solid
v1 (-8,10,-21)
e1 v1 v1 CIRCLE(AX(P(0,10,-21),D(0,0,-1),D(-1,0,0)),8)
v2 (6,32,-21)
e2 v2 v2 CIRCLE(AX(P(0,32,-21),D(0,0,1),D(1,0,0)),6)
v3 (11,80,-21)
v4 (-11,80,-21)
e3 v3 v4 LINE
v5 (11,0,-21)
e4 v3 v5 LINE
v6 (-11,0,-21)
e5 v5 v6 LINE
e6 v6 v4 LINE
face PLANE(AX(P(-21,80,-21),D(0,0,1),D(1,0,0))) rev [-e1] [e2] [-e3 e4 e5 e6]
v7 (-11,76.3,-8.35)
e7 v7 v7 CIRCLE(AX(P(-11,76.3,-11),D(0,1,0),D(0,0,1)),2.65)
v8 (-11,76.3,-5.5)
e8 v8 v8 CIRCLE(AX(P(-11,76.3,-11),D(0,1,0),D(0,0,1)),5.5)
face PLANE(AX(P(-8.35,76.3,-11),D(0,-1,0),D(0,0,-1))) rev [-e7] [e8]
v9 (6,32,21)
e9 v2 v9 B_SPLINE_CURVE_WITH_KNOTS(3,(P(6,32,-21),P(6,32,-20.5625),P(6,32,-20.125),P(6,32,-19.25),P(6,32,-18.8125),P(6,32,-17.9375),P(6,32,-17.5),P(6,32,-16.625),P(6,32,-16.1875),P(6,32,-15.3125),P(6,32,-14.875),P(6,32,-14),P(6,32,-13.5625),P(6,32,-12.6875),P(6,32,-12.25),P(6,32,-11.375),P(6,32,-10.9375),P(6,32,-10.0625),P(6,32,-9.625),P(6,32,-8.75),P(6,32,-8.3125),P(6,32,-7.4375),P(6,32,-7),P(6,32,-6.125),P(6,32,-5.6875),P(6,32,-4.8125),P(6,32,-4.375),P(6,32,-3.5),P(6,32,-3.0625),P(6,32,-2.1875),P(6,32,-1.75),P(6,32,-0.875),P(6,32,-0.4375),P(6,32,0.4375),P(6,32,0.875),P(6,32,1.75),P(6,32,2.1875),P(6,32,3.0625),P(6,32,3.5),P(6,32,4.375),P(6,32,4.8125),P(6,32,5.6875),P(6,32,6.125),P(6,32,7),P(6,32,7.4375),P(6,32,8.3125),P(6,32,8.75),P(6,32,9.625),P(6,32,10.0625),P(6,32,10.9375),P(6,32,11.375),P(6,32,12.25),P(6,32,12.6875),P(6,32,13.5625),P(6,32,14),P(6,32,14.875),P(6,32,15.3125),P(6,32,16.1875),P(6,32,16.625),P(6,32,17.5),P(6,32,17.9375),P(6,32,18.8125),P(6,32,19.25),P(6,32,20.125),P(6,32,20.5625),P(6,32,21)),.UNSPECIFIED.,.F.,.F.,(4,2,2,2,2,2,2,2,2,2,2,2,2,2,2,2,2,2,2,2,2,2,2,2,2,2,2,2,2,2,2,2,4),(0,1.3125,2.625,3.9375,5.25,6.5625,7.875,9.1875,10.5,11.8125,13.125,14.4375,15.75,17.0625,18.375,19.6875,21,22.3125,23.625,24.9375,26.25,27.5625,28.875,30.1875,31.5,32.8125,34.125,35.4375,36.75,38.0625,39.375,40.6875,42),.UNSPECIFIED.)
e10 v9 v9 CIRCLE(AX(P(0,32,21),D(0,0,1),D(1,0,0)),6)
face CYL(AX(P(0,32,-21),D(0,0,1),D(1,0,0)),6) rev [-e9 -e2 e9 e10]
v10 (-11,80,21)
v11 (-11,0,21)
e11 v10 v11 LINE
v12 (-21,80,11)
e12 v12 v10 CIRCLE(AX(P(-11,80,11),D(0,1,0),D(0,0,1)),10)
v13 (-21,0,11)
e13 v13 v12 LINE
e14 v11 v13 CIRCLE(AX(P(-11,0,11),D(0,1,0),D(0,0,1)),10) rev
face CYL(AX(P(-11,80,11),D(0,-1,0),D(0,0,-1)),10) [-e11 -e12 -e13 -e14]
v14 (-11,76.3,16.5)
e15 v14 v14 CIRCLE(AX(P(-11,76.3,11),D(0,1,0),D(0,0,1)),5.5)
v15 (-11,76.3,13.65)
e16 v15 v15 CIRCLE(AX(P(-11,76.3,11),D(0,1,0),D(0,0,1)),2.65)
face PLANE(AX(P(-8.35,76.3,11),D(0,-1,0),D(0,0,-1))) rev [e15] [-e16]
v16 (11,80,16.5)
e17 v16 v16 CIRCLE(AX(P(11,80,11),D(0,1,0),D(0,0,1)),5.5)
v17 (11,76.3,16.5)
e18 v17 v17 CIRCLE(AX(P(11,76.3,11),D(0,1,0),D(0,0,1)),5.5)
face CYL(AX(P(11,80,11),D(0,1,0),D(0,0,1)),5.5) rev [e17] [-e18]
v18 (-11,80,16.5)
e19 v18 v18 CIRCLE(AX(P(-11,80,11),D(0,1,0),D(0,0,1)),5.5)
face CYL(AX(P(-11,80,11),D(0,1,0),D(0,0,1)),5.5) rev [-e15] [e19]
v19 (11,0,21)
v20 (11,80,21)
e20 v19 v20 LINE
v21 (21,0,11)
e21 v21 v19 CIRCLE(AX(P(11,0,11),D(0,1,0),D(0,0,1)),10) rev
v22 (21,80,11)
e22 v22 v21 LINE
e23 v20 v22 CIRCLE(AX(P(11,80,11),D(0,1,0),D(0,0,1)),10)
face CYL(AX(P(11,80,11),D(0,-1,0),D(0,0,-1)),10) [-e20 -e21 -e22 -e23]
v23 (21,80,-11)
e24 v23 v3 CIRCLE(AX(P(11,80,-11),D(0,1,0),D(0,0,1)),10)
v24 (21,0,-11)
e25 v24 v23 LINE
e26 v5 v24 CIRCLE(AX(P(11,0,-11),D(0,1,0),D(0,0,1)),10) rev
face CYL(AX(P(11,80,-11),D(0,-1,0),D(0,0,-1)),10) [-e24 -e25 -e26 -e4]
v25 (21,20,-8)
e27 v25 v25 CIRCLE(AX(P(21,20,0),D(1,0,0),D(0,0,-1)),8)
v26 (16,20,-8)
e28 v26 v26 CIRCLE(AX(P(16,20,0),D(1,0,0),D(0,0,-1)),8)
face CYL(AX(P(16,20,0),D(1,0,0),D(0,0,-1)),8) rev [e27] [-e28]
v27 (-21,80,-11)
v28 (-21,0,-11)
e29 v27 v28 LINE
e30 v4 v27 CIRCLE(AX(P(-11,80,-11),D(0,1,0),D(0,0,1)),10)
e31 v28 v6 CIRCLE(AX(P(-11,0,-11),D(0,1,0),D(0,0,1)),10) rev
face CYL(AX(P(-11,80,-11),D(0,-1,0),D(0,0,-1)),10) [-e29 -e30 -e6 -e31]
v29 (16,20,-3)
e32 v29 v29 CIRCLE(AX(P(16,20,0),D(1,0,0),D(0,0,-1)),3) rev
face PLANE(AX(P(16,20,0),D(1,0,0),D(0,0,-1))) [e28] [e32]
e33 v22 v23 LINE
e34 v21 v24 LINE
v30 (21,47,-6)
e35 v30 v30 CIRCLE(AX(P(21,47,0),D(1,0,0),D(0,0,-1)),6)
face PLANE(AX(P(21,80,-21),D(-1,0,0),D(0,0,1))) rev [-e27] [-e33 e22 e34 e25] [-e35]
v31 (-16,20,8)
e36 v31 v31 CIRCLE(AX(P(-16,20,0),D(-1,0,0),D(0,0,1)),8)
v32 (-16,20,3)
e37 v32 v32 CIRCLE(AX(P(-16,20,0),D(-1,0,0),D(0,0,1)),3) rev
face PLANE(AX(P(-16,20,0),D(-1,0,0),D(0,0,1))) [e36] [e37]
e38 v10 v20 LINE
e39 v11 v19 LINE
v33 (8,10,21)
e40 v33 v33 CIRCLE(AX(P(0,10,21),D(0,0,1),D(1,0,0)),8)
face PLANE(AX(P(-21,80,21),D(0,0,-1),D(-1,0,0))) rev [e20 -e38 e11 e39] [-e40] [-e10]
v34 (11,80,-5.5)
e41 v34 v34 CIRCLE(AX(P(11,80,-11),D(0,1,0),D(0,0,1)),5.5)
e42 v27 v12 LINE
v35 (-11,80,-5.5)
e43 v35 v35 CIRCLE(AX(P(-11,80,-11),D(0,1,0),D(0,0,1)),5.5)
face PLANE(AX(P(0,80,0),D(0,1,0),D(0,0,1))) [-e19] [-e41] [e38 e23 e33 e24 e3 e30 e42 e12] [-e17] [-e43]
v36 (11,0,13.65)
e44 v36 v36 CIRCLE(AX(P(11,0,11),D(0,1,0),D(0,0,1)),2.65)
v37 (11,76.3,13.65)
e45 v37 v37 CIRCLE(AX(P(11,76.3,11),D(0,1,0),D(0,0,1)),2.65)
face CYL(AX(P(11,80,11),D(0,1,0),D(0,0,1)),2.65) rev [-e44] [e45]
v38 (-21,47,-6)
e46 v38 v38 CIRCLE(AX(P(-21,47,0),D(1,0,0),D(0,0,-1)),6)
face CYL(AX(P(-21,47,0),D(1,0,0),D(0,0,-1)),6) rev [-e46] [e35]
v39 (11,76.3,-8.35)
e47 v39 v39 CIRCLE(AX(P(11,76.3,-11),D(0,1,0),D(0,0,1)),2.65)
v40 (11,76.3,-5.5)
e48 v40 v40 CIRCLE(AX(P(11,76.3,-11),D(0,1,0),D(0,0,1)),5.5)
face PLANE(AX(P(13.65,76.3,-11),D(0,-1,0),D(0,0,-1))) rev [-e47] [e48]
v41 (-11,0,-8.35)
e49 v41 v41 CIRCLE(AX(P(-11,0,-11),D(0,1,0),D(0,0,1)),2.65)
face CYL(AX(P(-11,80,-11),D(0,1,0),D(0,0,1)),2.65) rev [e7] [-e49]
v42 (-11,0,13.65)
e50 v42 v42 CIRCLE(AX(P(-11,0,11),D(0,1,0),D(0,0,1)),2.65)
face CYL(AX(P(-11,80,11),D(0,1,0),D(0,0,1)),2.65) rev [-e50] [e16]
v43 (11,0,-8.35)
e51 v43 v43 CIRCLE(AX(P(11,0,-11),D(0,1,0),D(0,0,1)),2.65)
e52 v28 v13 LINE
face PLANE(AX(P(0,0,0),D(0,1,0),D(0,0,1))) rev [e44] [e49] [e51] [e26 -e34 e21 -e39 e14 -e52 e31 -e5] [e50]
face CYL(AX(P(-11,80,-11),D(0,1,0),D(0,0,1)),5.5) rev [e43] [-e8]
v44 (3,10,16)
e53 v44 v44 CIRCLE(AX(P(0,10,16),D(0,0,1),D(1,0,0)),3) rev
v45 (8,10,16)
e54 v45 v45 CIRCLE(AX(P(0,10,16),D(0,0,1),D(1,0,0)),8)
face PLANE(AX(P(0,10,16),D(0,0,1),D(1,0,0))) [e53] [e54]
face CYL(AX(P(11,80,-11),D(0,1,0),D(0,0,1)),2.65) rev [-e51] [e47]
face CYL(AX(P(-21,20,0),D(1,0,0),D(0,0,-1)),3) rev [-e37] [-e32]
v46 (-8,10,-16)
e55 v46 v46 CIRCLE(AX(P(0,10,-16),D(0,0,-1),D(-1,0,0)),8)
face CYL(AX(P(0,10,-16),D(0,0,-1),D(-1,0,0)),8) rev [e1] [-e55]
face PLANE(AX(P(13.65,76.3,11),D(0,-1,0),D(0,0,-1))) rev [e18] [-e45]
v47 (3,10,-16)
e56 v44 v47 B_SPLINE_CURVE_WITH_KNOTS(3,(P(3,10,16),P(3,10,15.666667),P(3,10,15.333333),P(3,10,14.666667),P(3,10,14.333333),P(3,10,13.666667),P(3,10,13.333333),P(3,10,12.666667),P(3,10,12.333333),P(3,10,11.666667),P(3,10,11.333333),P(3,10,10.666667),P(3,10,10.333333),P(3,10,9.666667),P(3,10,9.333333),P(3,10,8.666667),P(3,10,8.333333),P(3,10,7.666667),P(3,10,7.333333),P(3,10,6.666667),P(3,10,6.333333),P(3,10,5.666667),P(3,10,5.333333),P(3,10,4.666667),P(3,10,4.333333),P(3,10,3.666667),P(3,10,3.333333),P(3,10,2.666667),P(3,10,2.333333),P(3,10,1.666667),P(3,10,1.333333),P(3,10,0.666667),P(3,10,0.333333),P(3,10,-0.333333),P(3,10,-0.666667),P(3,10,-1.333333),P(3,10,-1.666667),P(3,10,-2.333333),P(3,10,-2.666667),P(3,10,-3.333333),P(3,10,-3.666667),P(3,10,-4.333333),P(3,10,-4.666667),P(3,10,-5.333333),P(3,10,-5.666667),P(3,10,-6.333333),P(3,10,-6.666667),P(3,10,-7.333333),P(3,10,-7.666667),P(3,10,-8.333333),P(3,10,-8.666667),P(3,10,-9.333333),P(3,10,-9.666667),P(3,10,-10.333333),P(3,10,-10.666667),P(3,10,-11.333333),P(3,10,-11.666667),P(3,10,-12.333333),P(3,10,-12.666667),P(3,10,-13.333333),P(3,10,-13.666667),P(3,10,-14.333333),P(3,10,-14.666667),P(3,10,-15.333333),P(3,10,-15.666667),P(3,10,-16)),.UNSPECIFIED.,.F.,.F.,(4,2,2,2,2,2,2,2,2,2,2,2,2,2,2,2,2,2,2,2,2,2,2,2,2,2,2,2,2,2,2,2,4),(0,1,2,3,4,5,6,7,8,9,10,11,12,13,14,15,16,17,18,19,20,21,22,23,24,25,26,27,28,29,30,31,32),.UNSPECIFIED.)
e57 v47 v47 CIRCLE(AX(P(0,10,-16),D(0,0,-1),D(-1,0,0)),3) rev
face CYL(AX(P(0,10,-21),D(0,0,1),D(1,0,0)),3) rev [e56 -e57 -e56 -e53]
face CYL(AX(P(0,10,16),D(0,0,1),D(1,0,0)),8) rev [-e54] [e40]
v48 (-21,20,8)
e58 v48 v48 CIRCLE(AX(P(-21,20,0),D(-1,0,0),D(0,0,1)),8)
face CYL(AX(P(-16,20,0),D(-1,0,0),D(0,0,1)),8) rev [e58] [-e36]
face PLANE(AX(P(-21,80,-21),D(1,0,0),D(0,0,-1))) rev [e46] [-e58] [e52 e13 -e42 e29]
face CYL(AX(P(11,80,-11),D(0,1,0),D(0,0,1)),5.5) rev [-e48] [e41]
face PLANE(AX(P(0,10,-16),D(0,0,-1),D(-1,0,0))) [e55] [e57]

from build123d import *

# Parameters (mm, degrees)
SKETCH1_W                                        = 42
SKETCH1_H                                        = 42
BOSS_EXTRUDE1_DEPTH                              = 80
SKETCH2_R                                        = 6
CUT_EXTRUDE1_DEPTH                               = 93.763139231
SKETCH3_R                                        = 6
CUT_EXTRUDE2_DEPTH                               = 93.763139231
SKETCH4_R                                        = 3
CUT_EXTRUDE3_DEPTH                               = 93.763139231
SKETCH5_R                                        = 8
CUT_EXTRUDE4_DEPTH                               = 5
CUT_EXTRUDE5_START                               = -5
SKETCH6_R                                        = 8
CUT_EXTRUDE5_DEPTH                               = 5
SKETCH7_R                                        = 3
CUT_EXTRUDE6_DEPTH                               = 93.763139231
SKETCH8_R                                        = 8
CUT_EXTRUDE7_DEPTH                               = 5
CUT_EXTRUDE8_START                               = -5
SKETCH9_R                                        = 8
CUT_EXTRUDE8_DEPTH                               = 5
FILLET1_R                                        = 10
CBORE_FOR_M5_PAN_HEAD_MACHINE_SCREW1_D           = 5.3
CBORE_FOR_M5_PAN_HEAD_MACHINE_SCREW1_CBORE_D     = 11
CBORE_FOR_M5_PAN_HEAD_MACHINE_SCREW1_CBORE_DEPTH = 3.7


with BuildPart() as part:
    # Sketch1 → Boss-Extrude1 (new body)
    with BuildSketch(Plane(origin=(0, 0, 0), x_dir=(1, 0, 0), z_dir=(0, 1, 0))):
        Rectangle(SKETCH1_W, SKETCH1_H)
    extrude(amount=BOSS_EXTRUDE1_DEPTH)

    # Sketch2 → Cut-Extrude1 (cut, through all)
    with BuildSketch(Plane.XY.offset(21)):
        with Locations((0, 32)):
            Circle(SKETCH2_R)
    extrude(amount=-CUT_EXTRUDE1_DEPTH, mode=Mode.SUBTRACT)

    # Sketch3 → Cut-Extrude2 (cut, through all)
    with BuildSketch(Plane(origin=(21, 0, 0), x_dir=(0, 0, -1), z_dir=(1, 0, 0))):
        with Locations((0, 47)):
            Circle(SKETCH3_R)
    extrude(amount=-CUT_EXTRUDE2_DEPTH, mode=Mode.SUBTRACT)

    # Sketch4 → Cut-Extrude3 (cut, through all)
    with BuildSketch(Plane.XY.offset(21)):
        with Locations((0, 10)):
            Circle(SKETCH4_R)
    extrude(amount=-CUT_EXTRUDE3_DEPTH, mode=Mode.SUBTRACT)

    # Sketch5 → Cut-Extrude4 (cut)
    with BuildSketch(Plane.XY.offset(21)):
        with Locations((0, 10)):
            Circle(SKETCH5_R)
    extrude(amount=-CUT_EXTRUDE4_DEPTH, mode=Mode.SUBTRACT)

    # Sketch6 → Cut-Extrude5 (cut)
    with BuildSketch(Plane(origin=(0, 0, -21), x_dir=(-1, 0, 0), z_dir=(0, 0, -1)).offset(CUT_EXTRUDE5_START)):
        with Locations(Location((0, 10, 0), (0, 0, 180))):
            Circle(SKETCH6_R)
    extrude(amount=CUT_EXTRUDE5_DEPTH, mode=Mode.SUBTRACT)

    # Sketch7 → Cut-Extrude6 (cut, through all)
    with BuildSketch(Plane(origin=(21, 0, 0), x_dir=(0, 0, -1), z_dir=(1, 0, 0))):
        with Locations((0, 20)):
            Circle(SKETCH7_R)
    extrude(amount=-CUT_EXTRUDE6_DEPTH, mode=Mode.SUBTRACT)

    # Sketch8 → Cut-Extrude7 (cut)
    with BuildSketch(Plane(origin=(21, 0, 0), x_dir=(0, 0, -1), z_dir=(1, 0, 0))):
        with Locations((0, 20)):
            Circle(SKETCH8_R)
    extrude(amount=-CUT_EXTRUDE7_DEPTH, mode=Mode.SUBTRACT)

    # Sketch9 → Cut-Extrude8 (cut)
    with BuildSketch(Plane.ZY.offset(21).offset(CUT_EXTRUDE8_START)):
        with Locations(Location((0, 20, 0), (0, 0, 180))):
            Circle(SKETCH9_R)
    extrude(amount=CUT_EXTRUDE8_DEPTH, mode=Mode.SUBTRACT)

    # Fillet1
    fillet1_edges = [part.edges().sort_by_distance(p)[0] for p in [
        (21, 40, 21),
        (-21, 40, 21),
        (-21, 40, -21),
        (21, 40, -21),
    ]]
    fillet(fillet1_edges, radius=FILLET1_R)

    # CBORE for M5 Pan Head Machine Screw1 (through all)
    with Locations(Plane(origin=(0, 80, 0), x_dir=(1, 0, 0), z_dir=(0, 1, 0))):
        with Locations((-11, 11), (11, 11), (11, -11), (-11, -11)):
            CounterBoreHole(CBORE_FOR_M5_PAN_HEAD_MACHINE_SCREW1_D / 2, CBORE_FOR_M5_PAN_HEAD_MACHINE_SCREW1_CBORE_D / 2, CBORE_FOR_M5_PAN_HEAD_MACHINE_SCREW1_CBORE_DEPTH)


solid = part.part
